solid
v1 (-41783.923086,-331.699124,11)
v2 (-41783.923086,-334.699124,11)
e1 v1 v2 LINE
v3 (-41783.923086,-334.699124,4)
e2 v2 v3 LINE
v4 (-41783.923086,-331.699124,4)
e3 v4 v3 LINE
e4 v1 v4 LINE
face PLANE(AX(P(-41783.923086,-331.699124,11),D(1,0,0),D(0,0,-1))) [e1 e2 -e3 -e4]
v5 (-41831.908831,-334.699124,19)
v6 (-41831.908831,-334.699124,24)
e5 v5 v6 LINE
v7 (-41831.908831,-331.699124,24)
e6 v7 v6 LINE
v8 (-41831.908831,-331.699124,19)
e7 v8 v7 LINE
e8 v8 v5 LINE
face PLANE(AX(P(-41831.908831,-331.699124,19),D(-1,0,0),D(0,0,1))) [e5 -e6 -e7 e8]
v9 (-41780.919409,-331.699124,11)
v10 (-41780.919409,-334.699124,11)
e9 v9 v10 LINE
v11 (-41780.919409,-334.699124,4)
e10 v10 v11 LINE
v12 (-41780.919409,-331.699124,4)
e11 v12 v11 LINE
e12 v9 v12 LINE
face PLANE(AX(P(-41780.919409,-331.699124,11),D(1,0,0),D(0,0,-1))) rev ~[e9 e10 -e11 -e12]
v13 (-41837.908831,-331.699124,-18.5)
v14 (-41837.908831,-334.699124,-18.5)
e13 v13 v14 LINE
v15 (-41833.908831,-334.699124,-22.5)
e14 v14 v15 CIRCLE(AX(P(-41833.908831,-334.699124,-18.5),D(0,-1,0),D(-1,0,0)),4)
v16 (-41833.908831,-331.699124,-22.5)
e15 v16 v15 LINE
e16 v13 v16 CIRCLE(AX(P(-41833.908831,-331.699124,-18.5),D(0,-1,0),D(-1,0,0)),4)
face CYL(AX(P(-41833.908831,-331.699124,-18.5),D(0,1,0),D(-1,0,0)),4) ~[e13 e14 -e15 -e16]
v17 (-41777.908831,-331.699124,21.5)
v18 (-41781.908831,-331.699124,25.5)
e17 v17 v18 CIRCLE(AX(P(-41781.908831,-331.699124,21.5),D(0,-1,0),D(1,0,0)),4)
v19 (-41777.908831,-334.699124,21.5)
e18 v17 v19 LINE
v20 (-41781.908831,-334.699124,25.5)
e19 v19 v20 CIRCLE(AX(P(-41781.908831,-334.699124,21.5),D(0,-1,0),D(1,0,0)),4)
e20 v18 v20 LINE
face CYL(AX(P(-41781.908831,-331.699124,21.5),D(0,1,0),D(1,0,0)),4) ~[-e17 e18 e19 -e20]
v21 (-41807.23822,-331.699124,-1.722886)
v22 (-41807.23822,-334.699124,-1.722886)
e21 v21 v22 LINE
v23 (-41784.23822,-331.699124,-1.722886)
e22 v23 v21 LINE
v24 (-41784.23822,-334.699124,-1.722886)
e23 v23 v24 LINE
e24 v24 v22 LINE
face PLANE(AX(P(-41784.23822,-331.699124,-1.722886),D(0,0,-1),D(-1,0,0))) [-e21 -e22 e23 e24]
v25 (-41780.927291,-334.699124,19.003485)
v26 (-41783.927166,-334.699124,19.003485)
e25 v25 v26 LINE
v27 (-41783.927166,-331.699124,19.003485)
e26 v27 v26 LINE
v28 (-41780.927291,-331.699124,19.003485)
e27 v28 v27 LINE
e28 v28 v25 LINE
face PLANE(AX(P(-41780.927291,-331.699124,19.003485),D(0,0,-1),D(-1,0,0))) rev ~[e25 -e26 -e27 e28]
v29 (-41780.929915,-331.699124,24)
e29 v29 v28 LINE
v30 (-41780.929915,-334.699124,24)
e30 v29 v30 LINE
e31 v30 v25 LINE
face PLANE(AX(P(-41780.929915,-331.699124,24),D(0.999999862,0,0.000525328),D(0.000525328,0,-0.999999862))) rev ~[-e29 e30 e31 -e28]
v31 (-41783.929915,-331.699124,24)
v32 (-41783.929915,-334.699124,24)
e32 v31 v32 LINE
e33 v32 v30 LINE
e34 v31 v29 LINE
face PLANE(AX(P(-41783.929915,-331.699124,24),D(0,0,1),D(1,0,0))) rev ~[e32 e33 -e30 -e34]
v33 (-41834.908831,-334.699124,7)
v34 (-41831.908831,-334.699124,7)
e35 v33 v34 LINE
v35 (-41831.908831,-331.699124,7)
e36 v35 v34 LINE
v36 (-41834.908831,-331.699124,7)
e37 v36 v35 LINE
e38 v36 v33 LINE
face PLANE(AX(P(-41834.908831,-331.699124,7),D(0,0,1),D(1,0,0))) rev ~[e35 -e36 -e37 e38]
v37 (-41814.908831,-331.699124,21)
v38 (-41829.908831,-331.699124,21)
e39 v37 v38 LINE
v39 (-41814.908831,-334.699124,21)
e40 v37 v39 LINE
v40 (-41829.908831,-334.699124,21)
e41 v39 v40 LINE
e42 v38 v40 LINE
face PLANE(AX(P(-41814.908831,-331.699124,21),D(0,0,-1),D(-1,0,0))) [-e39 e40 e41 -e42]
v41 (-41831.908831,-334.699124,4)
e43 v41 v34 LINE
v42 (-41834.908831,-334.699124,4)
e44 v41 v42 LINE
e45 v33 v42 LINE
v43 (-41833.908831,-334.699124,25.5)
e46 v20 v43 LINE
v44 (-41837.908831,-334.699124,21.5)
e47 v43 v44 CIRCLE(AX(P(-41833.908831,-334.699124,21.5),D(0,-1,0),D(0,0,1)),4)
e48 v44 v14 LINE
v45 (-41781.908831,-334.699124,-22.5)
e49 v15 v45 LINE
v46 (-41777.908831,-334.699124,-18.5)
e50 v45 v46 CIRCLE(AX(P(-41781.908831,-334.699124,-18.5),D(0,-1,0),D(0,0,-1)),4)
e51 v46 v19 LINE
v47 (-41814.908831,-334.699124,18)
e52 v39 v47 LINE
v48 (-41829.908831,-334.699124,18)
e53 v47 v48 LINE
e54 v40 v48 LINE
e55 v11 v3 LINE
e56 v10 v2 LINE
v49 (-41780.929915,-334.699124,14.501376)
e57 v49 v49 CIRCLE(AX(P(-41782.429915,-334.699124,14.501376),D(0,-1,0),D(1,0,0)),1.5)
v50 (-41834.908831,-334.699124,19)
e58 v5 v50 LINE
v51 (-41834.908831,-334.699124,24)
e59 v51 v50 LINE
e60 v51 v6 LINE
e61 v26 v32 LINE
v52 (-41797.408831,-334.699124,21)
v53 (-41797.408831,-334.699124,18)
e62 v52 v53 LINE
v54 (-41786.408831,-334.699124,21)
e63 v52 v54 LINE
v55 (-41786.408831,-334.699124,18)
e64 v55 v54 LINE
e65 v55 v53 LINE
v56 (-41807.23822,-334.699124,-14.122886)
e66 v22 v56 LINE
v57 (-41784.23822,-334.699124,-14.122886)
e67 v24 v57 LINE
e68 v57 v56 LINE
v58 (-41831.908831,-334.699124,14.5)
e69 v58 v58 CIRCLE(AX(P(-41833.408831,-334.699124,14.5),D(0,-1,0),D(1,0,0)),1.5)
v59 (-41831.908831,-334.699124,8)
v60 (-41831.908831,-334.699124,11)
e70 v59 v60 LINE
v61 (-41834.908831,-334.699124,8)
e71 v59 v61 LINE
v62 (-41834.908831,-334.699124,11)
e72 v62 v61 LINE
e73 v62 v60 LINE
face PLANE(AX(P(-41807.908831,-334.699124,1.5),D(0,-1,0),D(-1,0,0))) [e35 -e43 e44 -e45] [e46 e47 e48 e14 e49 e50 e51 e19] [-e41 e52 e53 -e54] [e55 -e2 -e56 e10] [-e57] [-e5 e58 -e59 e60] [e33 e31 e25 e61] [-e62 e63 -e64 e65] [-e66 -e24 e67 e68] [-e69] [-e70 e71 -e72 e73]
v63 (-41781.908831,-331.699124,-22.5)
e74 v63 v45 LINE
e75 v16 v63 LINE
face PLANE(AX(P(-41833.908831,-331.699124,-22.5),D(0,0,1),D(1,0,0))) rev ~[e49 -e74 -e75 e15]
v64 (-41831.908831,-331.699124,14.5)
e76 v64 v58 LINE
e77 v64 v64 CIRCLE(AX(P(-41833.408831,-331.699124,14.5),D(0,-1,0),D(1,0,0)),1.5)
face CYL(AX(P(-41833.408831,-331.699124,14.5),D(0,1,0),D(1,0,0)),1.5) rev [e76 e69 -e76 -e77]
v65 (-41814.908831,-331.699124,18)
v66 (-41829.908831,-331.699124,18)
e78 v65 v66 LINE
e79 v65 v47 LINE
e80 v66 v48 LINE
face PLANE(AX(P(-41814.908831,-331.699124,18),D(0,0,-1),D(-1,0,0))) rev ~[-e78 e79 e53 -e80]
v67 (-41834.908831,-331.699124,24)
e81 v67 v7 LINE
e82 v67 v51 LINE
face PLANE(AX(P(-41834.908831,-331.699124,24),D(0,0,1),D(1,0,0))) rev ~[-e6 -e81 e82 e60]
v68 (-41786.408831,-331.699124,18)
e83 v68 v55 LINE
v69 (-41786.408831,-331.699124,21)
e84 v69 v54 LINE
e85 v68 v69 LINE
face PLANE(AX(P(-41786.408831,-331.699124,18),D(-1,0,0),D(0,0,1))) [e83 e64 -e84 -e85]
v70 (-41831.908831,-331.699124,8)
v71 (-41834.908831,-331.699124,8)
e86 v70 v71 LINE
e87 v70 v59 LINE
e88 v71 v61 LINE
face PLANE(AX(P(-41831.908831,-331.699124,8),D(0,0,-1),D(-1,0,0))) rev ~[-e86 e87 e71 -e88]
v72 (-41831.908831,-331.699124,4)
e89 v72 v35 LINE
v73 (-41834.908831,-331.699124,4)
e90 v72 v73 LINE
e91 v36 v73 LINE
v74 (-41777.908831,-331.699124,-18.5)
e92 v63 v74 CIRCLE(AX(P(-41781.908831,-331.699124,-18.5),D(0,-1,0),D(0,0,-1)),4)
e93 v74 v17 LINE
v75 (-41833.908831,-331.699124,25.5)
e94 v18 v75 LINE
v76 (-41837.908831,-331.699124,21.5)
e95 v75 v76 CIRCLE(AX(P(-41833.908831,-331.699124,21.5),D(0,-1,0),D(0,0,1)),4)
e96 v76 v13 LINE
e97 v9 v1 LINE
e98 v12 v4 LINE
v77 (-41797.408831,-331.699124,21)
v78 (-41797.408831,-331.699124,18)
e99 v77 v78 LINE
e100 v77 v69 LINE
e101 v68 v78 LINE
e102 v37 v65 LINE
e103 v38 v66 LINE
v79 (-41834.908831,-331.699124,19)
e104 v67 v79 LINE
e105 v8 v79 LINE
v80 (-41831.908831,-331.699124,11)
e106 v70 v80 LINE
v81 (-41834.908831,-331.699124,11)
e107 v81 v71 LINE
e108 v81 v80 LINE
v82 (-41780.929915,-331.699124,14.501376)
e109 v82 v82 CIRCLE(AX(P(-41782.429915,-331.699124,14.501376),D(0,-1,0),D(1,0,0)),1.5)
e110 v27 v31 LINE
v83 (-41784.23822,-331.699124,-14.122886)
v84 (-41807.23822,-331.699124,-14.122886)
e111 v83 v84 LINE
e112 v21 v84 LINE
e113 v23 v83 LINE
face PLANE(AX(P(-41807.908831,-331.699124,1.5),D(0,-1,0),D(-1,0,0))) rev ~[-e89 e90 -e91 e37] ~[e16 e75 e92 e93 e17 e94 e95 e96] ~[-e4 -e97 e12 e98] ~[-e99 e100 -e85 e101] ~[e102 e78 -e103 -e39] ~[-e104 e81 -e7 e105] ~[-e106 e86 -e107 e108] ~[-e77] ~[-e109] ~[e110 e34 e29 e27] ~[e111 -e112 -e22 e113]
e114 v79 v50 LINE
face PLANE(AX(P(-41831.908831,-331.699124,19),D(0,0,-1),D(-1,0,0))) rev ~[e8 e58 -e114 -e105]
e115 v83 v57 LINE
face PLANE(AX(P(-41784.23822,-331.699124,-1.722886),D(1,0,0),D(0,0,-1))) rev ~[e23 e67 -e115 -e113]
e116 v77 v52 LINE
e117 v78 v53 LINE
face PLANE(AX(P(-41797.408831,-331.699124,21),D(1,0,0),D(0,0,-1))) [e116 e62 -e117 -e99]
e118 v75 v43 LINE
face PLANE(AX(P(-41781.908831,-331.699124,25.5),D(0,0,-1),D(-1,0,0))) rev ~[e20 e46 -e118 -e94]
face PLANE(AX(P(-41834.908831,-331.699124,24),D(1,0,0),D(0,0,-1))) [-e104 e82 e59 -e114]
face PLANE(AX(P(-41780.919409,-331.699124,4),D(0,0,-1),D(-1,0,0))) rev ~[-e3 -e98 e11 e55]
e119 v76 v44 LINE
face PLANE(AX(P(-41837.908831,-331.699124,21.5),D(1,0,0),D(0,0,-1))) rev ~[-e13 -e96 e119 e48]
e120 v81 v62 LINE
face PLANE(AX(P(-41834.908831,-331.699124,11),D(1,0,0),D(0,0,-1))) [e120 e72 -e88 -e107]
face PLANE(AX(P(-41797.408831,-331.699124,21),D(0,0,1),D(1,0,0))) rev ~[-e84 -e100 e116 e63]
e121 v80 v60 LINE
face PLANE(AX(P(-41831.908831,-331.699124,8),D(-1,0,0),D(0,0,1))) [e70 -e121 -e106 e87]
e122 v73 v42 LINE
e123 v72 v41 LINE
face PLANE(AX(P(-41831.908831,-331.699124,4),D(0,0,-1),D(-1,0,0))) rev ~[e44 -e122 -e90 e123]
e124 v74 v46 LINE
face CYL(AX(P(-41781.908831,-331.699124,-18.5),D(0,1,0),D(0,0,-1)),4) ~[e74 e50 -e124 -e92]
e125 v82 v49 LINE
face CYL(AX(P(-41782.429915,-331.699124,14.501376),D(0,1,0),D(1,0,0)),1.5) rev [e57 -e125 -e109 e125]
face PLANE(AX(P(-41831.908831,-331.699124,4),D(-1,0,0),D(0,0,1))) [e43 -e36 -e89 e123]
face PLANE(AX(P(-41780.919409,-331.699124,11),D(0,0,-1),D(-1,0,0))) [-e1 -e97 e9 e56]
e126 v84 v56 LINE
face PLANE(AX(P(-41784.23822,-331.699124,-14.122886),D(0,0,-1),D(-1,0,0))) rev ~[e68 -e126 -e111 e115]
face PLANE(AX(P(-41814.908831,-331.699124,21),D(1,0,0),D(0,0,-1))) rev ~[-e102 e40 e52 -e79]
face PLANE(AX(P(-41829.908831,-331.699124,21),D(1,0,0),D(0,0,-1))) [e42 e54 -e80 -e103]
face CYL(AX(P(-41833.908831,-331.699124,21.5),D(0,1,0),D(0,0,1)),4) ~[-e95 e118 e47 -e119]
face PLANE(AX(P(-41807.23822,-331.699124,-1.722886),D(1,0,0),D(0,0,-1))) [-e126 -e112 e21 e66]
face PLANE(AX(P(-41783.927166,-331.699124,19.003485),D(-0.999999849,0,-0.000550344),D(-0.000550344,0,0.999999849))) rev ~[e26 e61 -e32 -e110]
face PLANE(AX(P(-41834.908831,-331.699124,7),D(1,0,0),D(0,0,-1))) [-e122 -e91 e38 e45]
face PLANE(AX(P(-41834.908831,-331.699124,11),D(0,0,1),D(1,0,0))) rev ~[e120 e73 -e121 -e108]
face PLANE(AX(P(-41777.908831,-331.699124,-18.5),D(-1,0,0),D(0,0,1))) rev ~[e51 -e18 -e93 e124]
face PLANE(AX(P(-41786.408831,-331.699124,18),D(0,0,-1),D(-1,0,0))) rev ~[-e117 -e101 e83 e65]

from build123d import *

# Parameters (mm, degrees)
CROQUIS1_R                 = 1.5
CROQUIS1_W                 = 15
CROQUIS1_H                 = 3
CROQUIS1_W_2               = 3.003677296
CROQUIS1_H_2               = 7.000000001
CROQUIS1_W_3               = 23
CROQUIS1_H_3               = 12.400000001
SALIENTE_EXTRUIR1_DEPTH    = 3
S_LIDO_MOVER_COPIAR2_ANGLE = 90


with BuildPart() as part:
    # Croquis1 → Saliente-Extruir1 (new body)
    with BuildSketch(Plane(origin=(0, 0, 0), x_dir=(-1, 0, 0), z_dir=(0, 0, 1))):
        with BuildLine():
            Line((41781.908830987, 309.199124202), (41833.908830987, 309.199124202))
            ThreePointArc((41833.908830987, 309.199124202), (41836.737258112, 310.370697077), (41837.908830987, 313.199124202))
            Line((41837.908830987, 313.199124202), (41837.908830987, 353.199124202))
            ThreePointArc((41837.908830987, 353.199124202), (41836.737258112, 356.027551327), (41833.908830987, 357.199124202))
            Line((41833.908830987, 357.199124202), (41781.908830987, 357.199124202))
            ThreePointArc((41781.908830987, 357.199124202), (41779.080403863, 356.027551327), (41777.908830987, 353.199124202))
            Line((41777.908830987, 353.199124202), (41777.908830987, 313.199124202))
            ThreePointArc((41777.908830987, 313.199124202), (41779.080403863, 310.370697077), (41781.908830987, 309.199124202))
        make_face()
        with Locations(Location((41833.408830987, 320.199124198, 0), (0, 0, 180))):
            Circle(CROQUIS1_R, mode=Mode.SUBTRACT)
        with Locations(Location((41782.429915347, 320.197748539, 0), (0, 0, 180))):
            Circle(CROQUIS1_R, mode=Mode.SUBTRACT)
        Polygon((41786.408830987, 313.699124203), (41796.408830987, 313.699124203), (41797.408830987, 313.699124203), (41797.408830987, 316.699124203), (41796.408830987, 316.699124203), (41786.408830987, 316.699124203), align=None, mode=Mode.SUBTRACT)
        Polygon((41780.927290538, 315.695638799), (41783.429912384, 315.695638799), (41783.927165547, 315.695638799), (41783.929915347, 310.699124202), (41780.929915347, 310.699124202), align=None, mode=Mode.SUBTRACT)
        Polygon((41831.908830987, 310.699124202), (41834.408830987, 310.699124202), (41834.908830987, 310.699124202), (41834.908830987, 315.699124202), (41834.408830987, 315.699124202), (41831.908830987, 315.699124202), align=None, mode=Mode.SUBTRACT)
        Polygon((41831.908830987, 323.699124202), (41834.408830987, 323.699124202), (41834.908830987, 323.699124202), (41834.908830987, 326.699124202), (41834.408830987, 326.699124202), (41831.908830987, 326.699124202), align=None, mode=Mode.SUBTRACT)
        Polygon((41831.908830987, 327.699124202), (41834.408830987, 327.699124202), (41834.908830987, 327.699124202), (41834.908830987, 330.699124202), (41834.408830987, 330.699124202), (41831.908830987, 330.699124202), align=None, mode=Mode.SUBTRACT)
        with Locations((41822.408830987, 315.199124203)):
            Rectangle(CROQUIS1_W, CROQUIS1_H, mode=Mode.SUBTRACT)
        with Locations((41782.421247435, 327.199124203)):
            Rectangle(CROQUIS1_W_2, CROQUIS1_H_2, mode=Mode.SUBTRACT)
        with Locations((41795.738219532, 342.622009866)):
            Rectangle(CROQUIS1_W_3, CROQUIS1_H_3, mode=Mode.SUBTRACT)
    extrude(amount=SALIENTE_EXTRUIR1_DEPTH)


with BuildPart() as part_1:
    # Sólido-Mover/Copiar2: moved
    add(part.part.rotate(Axis((0, -333.199124202, 1.5), (1, 0, 0)), S_LIDO_MOVER_COPIAR2_ANGLE))


solid = part_1.part
